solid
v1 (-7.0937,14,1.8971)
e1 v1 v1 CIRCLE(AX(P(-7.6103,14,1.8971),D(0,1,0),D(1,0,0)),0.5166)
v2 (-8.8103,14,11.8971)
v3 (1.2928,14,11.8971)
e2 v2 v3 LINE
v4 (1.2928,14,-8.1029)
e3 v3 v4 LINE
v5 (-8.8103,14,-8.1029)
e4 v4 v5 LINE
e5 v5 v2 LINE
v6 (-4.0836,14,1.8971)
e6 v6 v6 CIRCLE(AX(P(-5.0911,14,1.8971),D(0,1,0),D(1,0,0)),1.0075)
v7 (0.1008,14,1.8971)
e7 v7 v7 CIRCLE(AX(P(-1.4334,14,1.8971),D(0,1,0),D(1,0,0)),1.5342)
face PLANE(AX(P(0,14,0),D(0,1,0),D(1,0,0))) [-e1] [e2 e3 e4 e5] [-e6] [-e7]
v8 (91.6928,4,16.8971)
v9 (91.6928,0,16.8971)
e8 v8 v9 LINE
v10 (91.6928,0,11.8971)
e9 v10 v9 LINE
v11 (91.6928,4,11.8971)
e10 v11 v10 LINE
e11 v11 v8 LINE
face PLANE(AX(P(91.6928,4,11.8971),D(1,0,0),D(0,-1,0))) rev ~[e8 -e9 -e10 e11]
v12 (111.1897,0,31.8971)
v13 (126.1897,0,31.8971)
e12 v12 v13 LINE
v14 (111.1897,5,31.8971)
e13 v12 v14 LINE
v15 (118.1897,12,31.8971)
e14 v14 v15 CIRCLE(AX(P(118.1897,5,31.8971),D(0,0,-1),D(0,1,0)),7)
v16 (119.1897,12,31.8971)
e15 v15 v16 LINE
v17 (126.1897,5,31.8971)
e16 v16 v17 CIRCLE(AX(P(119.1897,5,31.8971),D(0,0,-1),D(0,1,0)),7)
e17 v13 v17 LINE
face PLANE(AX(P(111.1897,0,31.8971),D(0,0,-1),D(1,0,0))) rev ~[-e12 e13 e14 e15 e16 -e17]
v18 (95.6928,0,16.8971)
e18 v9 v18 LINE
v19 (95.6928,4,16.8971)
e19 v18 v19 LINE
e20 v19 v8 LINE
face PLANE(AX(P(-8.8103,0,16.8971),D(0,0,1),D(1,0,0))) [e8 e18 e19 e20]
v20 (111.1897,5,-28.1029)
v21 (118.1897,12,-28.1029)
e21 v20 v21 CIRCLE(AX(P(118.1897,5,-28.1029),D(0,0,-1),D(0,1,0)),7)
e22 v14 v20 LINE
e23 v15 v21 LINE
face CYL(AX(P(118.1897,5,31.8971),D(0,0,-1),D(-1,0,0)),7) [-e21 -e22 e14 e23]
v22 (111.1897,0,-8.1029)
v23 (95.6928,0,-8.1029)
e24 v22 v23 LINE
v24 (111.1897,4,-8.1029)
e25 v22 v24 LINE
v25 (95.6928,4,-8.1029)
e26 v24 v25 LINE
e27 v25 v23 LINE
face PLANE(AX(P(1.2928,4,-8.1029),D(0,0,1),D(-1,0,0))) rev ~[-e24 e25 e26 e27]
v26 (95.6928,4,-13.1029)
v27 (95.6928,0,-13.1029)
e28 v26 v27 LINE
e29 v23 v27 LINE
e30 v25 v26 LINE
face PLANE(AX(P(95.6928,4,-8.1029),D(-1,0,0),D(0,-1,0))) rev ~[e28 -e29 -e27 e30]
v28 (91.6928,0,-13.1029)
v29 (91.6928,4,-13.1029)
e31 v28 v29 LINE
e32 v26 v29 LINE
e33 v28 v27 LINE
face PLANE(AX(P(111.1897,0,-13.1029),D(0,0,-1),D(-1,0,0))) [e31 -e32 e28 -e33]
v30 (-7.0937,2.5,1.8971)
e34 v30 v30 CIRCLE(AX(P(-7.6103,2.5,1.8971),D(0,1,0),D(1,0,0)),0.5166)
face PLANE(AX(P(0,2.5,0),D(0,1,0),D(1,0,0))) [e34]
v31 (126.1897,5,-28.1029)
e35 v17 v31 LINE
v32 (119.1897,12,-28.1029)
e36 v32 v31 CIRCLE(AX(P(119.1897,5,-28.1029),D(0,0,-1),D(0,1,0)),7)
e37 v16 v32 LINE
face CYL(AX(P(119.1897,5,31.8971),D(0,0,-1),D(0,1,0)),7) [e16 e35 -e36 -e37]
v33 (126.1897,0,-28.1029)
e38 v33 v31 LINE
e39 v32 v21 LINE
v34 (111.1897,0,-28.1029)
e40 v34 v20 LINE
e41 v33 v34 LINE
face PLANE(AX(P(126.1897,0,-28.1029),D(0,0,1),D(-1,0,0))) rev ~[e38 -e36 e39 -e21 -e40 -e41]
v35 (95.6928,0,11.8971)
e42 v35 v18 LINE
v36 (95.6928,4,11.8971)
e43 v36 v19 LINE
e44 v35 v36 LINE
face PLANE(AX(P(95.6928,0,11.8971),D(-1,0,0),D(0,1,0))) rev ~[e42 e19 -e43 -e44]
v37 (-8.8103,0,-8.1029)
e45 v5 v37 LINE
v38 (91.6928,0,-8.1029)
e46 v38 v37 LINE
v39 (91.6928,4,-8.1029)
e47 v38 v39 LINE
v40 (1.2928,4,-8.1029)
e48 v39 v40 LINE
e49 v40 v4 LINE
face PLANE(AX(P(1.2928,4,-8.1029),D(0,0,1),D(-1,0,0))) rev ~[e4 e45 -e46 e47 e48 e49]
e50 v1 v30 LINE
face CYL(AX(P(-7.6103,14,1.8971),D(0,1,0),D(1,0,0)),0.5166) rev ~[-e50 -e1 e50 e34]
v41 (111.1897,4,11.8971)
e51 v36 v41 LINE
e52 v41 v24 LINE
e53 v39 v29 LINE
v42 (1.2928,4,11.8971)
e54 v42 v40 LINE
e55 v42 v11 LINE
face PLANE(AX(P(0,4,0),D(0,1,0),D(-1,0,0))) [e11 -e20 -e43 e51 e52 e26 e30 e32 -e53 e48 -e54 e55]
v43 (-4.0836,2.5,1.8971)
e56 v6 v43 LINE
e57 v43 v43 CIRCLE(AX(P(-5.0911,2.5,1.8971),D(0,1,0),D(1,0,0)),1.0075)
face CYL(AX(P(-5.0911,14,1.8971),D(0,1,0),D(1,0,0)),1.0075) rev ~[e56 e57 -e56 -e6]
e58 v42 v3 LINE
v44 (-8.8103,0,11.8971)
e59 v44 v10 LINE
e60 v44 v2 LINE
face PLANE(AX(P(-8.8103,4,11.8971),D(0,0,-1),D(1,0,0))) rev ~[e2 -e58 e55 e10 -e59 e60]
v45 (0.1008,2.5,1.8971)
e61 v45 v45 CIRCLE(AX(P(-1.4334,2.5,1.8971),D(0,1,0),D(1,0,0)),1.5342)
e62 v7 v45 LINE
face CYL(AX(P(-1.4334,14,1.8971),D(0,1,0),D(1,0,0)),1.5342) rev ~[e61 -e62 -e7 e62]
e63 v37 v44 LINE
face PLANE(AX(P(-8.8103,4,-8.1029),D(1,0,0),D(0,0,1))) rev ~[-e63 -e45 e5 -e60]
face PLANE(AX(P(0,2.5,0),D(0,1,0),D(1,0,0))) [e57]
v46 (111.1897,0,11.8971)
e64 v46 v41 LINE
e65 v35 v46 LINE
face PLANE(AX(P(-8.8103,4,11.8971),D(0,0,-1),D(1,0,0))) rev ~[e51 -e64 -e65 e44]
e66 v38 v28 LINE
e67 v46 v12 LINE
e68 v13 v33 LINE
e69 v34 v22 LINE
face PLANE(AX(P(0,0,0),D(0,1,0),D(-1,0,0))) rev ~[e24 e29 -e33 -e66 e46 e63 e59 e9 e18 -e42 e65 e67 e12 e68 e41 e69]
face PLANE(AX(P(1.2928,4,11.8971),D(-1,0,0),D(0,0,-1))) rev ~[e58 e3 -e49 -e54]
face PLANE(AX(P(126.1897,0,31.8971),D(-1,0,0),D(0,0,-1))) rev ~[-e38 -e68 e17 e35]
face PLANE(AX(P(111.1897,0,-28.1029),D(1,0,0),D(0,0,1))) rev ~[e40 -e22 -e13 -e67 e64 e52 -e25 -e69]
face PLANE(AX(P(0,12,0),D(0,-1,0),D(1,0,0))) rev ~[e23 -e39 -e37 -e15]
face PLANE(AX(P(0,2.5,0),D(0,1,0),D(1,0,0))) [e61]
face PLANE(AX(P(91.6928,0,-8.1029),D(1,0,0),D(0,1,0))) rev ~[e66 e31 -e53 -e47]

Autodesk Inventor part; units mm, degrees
ref_plane "YZ Plane" through (0, 0, 0) normal (1, 0, 0) x (0, 1, 0)
ref_plane "XZ Plane" through (0, 0, 0) normal (0, 1, 0) x (-1, 0, 0)
ref_plane "XY Plane" through (0, 0, 0) normal (0, 0, 1) x (1, 0, 0)
sketch "rod" plane through (0, 0, 0) normal (0, 1, 0) x (-1, 0, 0)
  line L0 (8.8103, 11.8971) -> (-111.1897, 11.8971)
  line L1 (-111.1897, 11.8971) -> (-111.1897, -8.1029)
  line L2 (-111.1897, -8.1029) -> (8.8103, -8.1029)
  line L3 (8.8103, -8.1029) -> (8.8103, 11.8971)
  point P0 (0, 0)
  dimension "d0" = 20
  dimension "d1" = 120
extrude "Extrusion1" add sketch "rod" along normal blind 4
sketch "Sketch2" plane through (0, 0, 0) normal (0, -1, 0) x (1, 0, 0)
  line L0 (111.1897, 31.8971) -> (126.1897, 31.8971)
  line L1 (126.1897, 31.8971) -> (126.1897, -28.1029)
  line L2 (126.1897, -28.1029) -> (111.1897, -28.1029)
  line L3 (111.1897, -28.1029) -> (111.1897, 31.8971)
  line L4 (111.1897, 11.8971) -> (111.1897, -8.1029) projected
  line L5 (-8.8103, 11.8971) -> (111.1897, 11.8971) projected
  point P0 (0, 0)
  dimension "d6" = 15
  dimension "d7" = 60
  dimension "d8" = 20
extrude "Extrusion2" add sketch "Sketch2" against normal blind 12
fillet "Fillet1" radius 7 2 edges at (111.1897, 12, 1.8971) (126.1897, 12, 1.8971)
sketch "Sketch3" plane through (0, 4, 0) normal (0, 1, 0) x (1, 0, 0)
  line L0 (-8.8103, -11.8971) -> (111.1897, -11.8971) projected
  line L1 (111.1897, 8.1029) -> (-8.8103, 8.1029) projected
  line L2 (-8.8103, -11.8971) -> (1.2928, -11.8971)
  line L3 (1.2928, -11.8971) -> (1.2928, 8.1029)
  line L4 (1.2928, 8.1029) -> (-8.8103, 8.1029)
  line L5 (-8.8103, 8.1029) -> (-8.8103, -11.8971)
  point P0 (0, 0)
extrude "Extrusion3" add sketch "Sketch3" along normal blind 10
sketch "Sketch4" plane through (0, 14, 0) normal (0, 1, 0) x (1, 0, 0)
  circle A0 centre (-7.6103, -1.8971) radius 0.5166
  circle A1 centre (-5.0911, -1.8971) radius 1.0075
  circle A2 centre (-1.4334, -1.8971) radius 1.5342
  line L0 (-8.8103, -11.8971) -> (1.2928, -11.8971) projected
  line L1 (-8.8103, 8.1029) -> (-8.8103, -11.8971) projected
  point P0 (0, 0)
  dimension "d14" = 10
  dimension "d15" = 10
  dimension "d16" = 10
  dimension "d17" = 10.1031
  dimension "d18" = 1.2
extrude "Extrusion4" cut sketch "Sketch4" against normal blind 11.5
sketch "Sketch5" plane through (111.1897, 0, -8.1029) normal (0, 0, -1) x (-1, 0, 0)
  line L0 (0, 4) -> (109.8969, 4) projected
  line L1 (120, 0) -> (0, 0) projected
  line L2 (19.4969, 4) -> (15.4969, 4)
  line L3 (15.4969, 4) -> (15.4969, 0)
  line L4 (15.4969, 0) -> (19.4969, 0)
  line L5 (19.4969, 0) -> (19.4969, 4)
  line L6 (109.8969, 4) -> (109.8969, 14) projected
  point P0 (111.1897, 0)
  dimension "d23" = 4
  dimension "d24" = 90.4
extrude "Extrusion5" add sketch "Sketch5" along normal blind 5
sketch "Sketch6" plane through (-8.8103, 0, 11.8971) normal (0, 0, 1) x (1, 0, 0)
  line L0 (100.5031, 4) -> (10.1031, 4) projected
  line L1 (100.5031, 0) -> (0, 0) projected
  line L2 (104.5031, 4) -> (100.5031, 4)
  line L3 (100.5031, 4) -> (100.5031, 0)
  line L4 (100.5031, 0) -> (104.5031, 0)
  line L5 (104.5031, 0) -> (104.5031, 4)
  line L6 (10.1031, 4) -> (10.1031, 14) projected
  point P0 (8.8103, 0)
  dimension "d27" = 4
  dimension "d28" = 90.4
extrude "Extrusion6" add sketch "Sketch6" along normal blind 5
equation "\"d8\" = 0.25 * d7 + 0.25 * d0"
equation "\"d14\" = 0.5 * d0"
equation "\"d15\" = d14"
equation "\"d16\" = d14"
properties part number "gravity_holder"
